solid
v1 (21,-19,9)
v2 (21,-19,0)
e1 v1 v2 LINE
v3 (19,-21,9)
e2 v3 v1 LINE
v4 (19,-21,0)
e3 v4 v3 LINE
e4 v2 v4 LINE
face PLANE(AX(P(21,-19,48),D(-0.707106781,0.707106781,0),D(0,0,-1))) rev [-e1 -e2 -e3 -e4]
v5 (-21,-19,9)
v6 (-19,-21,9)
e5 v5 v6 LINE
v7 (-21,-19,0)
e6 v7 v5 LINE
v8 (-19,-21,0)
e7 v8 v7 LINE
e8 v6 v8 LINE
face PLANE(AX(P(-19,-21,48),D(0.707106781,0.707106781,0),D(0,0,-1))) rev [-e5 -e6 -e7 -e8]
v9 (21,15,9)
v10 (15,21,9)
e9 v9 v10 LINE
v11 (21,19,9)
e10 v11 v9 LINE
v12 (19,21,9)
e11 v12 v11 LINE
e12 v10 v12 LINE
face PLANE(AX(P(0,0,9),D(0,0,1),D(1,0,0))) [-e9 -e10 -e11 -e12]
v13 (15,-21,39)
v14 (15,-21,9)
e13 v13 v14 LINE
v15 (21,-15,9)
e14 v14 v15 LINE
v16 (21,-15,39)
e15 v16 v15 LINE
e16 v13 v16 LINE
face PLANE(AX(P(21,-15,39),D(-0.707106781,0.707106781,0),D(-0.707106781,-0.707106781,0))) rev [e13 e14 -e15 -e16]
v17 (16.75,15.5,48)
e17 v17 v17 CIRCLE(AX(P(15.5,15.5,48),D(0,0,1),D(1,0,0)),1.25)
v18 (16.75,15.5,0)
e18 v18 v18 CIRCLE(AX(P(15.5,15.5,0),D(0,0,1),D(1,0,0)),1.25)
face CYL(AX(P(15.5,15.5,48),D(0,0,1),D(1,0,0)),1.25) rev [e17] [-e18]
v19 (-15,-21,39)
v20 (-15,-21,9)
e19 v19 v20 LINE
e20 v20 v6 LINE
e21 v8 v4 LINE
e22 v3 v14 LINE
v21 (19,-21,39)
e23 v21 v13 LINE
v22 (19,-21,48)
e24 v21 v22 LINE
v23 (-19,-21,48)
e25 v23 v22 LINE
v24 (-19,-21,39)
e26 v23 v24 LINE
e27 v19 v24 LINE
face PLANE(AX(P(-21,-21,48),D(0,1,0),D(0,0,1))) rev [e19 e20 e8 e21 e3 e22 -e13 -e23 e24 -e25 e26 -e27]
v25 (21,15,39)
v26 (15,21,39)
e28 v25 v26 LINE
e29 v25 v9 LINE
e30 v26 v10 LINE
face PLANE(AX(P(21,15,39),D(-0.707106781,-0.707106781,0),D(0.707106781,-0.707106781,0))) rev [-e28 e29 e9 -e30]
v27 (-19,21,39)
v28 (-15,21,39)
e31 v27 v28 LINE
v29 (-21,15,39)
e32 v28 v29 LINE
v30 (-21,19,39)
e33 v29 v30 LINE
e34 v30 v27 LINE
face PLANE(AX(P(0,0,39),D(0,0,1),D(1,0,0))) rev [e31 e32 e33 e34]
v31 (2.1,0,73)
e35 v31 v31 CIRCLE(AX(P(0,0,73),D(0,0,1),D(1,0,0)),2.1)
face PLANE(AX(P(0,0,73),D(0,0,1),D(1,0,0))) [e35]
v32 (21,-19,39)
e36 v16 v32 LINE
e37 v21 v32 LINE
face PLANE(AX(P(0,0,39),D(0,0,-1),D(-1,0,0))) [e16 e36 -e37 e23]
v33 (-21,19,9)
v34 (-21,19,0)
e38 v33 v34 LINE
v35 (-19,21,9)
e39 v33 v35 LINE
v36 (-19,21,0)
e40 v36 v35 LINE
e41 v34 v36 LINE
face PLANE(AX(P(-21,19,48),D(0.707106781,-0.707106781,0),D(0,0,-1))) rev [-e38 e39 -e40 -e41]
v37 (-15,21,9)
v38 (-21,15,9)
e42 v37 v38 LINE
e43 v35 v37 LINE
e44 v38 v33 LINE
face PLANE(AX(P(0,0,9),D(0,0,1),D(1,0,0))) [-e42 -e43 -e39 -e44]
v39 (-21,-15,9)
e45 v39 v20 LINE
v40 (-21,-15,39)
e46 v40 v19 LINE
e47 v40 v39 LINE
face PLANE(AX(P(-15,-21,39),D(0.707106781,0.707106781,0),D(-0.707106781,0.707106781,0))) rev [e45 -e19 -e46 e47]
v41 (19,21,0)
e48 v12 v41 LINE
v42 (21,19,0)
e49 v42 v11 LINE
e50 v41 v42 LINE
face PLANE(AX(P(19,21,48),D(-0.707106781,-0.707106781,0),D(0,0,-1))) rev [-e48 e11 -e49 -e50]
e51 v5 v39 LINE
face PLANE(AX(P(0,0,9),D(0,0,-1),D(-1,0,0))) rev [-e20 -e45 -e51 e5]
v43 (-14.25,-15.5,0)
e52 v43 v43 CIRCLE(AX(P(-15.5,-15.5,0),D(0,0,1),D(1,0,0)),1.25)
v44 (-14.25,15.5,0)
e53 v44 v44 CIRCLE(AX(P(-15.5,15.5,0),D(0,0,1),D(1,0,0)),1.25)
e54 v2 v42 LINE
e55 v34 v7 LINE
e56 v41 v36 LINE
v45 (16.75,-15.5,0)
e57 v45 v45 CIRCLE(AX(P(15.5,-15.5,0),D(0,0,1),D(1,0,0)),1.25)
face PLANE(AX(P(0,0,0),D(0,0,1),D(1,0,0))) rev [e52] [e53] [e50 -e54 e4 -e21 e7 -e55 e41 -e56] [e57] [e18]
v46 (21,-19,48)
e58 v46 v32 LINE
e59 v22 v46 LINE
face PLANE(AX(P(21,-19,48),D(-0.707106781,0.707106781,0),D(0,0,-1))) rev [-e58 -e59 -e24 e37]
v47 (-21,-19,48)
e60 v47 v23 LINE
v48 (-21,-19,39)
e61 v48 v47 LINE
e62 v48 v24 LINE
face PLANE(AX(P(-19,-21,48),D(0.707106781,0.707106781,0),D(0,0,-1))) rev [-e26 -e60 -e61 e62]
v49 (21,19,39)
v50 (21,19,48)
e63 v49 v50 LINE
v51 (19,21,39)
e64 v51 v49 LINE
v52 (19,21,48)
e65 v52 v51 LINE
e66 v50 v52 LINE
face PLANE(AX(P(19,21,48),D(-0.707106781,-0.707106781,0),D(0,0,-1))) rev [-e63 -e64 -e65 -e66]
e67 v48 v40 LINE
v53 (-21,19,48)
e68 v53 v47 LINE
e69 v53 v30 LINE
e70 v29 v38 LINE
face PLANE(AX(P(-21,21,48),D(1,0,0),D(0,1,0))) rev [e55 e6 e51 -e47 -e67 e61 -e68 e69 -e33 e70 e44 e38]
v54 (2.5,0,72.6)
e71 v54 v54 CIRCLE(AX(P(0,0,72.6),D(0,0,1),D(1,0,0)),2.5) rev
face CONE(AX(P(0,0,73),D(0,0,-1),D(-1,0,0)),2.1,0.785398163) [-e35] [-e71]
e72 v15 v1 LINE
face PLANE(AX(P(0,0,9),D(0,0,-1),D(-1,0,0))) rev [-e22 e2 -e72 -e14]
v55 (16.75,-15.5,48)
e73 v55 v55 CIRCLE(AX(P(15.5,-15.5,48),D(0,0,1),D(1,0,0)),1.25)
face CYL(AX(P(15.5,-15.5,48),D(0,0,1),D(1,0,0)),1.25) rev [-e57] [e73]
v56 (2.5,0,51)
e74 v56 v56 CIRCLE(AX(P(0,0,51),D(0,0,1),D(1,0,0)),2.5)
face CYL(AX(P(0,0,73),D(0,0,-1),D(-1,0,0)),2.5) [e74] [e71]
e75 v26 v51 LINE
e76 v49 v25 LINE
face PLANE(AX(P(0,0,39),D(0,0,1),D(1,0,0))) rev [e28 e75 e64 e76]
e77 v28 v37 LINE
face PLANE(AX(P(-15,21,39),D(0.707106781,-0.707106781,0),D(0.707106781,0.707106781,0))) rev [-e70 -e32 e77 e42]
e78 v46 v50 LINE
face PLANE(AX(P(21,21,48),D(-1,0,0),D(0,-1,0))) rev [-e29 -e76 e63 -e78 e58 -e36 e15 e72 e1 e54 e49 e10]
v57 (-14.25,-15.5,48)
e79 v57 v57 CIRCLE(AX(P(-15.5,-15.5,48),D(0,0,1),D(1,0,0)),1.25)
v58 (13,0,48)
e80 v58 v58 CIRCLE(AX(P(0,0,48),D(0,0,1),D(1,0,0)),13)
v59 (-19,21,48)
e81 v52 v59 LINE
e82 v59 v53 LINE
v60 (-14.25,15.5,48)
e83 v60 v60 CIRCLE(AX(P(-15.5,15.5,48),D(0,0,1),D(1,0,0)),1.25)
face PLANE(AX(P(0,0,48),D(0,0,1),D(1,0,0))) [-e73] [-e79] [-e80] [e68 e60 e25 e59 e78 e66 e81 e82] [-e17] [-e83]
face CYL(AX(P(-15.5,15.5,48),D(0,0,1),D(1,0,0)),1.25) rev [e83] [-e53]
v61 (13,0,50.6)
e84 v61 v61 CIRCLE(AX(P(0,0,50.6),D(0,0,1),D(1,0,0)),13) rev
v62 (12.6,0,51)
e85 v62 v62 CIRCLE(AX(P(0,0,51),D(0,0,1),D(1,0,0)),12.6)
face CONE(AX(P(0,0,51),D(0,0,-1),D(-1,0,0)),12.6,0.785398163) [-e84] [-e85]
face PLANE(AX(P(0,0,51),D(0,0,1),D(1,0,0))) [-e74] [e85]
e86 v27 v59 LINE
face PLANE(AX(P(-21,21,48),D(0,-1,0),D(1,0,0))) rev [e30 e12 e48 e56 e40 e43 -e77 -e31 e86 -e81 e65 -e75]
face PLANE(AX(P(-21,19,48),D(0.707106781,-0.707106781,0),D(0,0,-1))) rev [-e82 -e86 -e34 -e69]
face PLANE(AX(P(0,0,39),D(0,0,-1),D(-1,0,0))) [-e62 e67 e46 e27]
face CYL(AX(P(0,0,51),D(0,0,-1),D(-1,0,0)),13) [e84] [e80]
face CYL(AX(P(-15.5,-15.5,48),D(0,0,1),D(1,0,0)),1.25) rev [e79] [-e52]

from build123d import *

# Parameters (mm, degrees)
ESQUISSE1_W                               = 42
ESQUISSE1_H                               = 42
BOSS_EXTRU_1_DEPTH                        = 48
CHANFREIN1_SIZE                           = 2
ESQUISSE3_R                               = 13
BOSS_EXTRU_2_DEPTH                        = 3
TROU_POUR_TARAUDAGE_POUR_TROU_TARAUD_M3_D = 2.5
ESQUISSE7_R                               = 2.5
BOSS_EXTRU_3_DEPTH                        = 22
CHANFREIN2_SIZE                           = 0.4
CHANFREIN3_SIZE                           = 0.4
ENL_V_START                               = -9
ENL_V_MAT_EXTRU_1_DEPTH                   = 30


with BuildPart() as part:
    # Esquisse1 → Boss.-Extru.1 (new body)
    with BuildSketch(Plane.XY):
        Rectangle(ESQUISSE1_W, ESQUISSE1_H)
    extrude(amount=BOSS_EXTRU_1_DEPTH)

    # Chanfrein1
    chanfrein1_edges = [part.edges().sort_by_distance(p)[0] for p in [
        (-21, 21, 24),
        (21, 21, 24),
        (21, -21, 24),
        (-21, -21, 24),
    ]]
    chamfer(chanfrein1_edges, length=CHANFREIN1_SIZE)

    # Esquisse3 → Boss.-Extru.2 (add)
    with BuildSketch(Plane.XY.offset(48)):
        Circle(ESQUISSE3_R)
    extrude(amount=BOSS_EXTRU_2_DEPTH)

    # Trou pour taraudage pour trou taraudé M3x0.51 (through all)
    with Locations(Plane.XY.offset(48)):
        with Locations((-15.5, 15.5), (-15.5, -15.5), (15.5, -15.5), (15.5, 15.5)):
            Hole(TROU_POUR_TARAUDAGE_POUR_TROU_TARAUD_M3_D / 2)

    # Esquisse7 → Boss.-Extru.3 (add)
    with BuildSketch(Plane.XY.offset(51)):
        Circle(ESQUISSE7_R)
    extrude(amount=BOSS_EXTRU_3_DEPTH)

    # Chanfrein2
    chanfrein2_edges = [part.edges().sort_by_distance(p)[0] for p in [
        (-2.5, 0, 73),
    ]]
    chamfer(chanfrein2_edges, length=CHANFREIN2_SIZE)

    # Chanfrein3
    chanfrein3_edges = [part.edges().sort_by_distance(p)[0] for p in [
        (-13, 0, 51),
    ]]
    chamfer(chanfrein3_edges, length=CHANFREIN3_SIZE)

    # Esquisse9 → Enlèv. mat.-Extru.1 (cut)
    with BuildSketch(Plane(origin=(0, 0, 0), x_dir=(-1, 0, 0), z_dir=(0, 0, -1)).offset(ENL_V_START)):
        Polygon((-21, 15), (-15, 21), (-21, 21), align=None)
        Polygon((15, 21), (21, 15), (21, 21), align=None)
        Polygon((-21, -15), (-15, -21), (-21, -21), align=None)
        Polygon((15, -21), (21, -15), (21, -21), align=None)
    extrude(amount=-ENL_V_MAT_EXTRU_1_DEPTH, mode=Mode.SUBTRACT)


solid = part.part
